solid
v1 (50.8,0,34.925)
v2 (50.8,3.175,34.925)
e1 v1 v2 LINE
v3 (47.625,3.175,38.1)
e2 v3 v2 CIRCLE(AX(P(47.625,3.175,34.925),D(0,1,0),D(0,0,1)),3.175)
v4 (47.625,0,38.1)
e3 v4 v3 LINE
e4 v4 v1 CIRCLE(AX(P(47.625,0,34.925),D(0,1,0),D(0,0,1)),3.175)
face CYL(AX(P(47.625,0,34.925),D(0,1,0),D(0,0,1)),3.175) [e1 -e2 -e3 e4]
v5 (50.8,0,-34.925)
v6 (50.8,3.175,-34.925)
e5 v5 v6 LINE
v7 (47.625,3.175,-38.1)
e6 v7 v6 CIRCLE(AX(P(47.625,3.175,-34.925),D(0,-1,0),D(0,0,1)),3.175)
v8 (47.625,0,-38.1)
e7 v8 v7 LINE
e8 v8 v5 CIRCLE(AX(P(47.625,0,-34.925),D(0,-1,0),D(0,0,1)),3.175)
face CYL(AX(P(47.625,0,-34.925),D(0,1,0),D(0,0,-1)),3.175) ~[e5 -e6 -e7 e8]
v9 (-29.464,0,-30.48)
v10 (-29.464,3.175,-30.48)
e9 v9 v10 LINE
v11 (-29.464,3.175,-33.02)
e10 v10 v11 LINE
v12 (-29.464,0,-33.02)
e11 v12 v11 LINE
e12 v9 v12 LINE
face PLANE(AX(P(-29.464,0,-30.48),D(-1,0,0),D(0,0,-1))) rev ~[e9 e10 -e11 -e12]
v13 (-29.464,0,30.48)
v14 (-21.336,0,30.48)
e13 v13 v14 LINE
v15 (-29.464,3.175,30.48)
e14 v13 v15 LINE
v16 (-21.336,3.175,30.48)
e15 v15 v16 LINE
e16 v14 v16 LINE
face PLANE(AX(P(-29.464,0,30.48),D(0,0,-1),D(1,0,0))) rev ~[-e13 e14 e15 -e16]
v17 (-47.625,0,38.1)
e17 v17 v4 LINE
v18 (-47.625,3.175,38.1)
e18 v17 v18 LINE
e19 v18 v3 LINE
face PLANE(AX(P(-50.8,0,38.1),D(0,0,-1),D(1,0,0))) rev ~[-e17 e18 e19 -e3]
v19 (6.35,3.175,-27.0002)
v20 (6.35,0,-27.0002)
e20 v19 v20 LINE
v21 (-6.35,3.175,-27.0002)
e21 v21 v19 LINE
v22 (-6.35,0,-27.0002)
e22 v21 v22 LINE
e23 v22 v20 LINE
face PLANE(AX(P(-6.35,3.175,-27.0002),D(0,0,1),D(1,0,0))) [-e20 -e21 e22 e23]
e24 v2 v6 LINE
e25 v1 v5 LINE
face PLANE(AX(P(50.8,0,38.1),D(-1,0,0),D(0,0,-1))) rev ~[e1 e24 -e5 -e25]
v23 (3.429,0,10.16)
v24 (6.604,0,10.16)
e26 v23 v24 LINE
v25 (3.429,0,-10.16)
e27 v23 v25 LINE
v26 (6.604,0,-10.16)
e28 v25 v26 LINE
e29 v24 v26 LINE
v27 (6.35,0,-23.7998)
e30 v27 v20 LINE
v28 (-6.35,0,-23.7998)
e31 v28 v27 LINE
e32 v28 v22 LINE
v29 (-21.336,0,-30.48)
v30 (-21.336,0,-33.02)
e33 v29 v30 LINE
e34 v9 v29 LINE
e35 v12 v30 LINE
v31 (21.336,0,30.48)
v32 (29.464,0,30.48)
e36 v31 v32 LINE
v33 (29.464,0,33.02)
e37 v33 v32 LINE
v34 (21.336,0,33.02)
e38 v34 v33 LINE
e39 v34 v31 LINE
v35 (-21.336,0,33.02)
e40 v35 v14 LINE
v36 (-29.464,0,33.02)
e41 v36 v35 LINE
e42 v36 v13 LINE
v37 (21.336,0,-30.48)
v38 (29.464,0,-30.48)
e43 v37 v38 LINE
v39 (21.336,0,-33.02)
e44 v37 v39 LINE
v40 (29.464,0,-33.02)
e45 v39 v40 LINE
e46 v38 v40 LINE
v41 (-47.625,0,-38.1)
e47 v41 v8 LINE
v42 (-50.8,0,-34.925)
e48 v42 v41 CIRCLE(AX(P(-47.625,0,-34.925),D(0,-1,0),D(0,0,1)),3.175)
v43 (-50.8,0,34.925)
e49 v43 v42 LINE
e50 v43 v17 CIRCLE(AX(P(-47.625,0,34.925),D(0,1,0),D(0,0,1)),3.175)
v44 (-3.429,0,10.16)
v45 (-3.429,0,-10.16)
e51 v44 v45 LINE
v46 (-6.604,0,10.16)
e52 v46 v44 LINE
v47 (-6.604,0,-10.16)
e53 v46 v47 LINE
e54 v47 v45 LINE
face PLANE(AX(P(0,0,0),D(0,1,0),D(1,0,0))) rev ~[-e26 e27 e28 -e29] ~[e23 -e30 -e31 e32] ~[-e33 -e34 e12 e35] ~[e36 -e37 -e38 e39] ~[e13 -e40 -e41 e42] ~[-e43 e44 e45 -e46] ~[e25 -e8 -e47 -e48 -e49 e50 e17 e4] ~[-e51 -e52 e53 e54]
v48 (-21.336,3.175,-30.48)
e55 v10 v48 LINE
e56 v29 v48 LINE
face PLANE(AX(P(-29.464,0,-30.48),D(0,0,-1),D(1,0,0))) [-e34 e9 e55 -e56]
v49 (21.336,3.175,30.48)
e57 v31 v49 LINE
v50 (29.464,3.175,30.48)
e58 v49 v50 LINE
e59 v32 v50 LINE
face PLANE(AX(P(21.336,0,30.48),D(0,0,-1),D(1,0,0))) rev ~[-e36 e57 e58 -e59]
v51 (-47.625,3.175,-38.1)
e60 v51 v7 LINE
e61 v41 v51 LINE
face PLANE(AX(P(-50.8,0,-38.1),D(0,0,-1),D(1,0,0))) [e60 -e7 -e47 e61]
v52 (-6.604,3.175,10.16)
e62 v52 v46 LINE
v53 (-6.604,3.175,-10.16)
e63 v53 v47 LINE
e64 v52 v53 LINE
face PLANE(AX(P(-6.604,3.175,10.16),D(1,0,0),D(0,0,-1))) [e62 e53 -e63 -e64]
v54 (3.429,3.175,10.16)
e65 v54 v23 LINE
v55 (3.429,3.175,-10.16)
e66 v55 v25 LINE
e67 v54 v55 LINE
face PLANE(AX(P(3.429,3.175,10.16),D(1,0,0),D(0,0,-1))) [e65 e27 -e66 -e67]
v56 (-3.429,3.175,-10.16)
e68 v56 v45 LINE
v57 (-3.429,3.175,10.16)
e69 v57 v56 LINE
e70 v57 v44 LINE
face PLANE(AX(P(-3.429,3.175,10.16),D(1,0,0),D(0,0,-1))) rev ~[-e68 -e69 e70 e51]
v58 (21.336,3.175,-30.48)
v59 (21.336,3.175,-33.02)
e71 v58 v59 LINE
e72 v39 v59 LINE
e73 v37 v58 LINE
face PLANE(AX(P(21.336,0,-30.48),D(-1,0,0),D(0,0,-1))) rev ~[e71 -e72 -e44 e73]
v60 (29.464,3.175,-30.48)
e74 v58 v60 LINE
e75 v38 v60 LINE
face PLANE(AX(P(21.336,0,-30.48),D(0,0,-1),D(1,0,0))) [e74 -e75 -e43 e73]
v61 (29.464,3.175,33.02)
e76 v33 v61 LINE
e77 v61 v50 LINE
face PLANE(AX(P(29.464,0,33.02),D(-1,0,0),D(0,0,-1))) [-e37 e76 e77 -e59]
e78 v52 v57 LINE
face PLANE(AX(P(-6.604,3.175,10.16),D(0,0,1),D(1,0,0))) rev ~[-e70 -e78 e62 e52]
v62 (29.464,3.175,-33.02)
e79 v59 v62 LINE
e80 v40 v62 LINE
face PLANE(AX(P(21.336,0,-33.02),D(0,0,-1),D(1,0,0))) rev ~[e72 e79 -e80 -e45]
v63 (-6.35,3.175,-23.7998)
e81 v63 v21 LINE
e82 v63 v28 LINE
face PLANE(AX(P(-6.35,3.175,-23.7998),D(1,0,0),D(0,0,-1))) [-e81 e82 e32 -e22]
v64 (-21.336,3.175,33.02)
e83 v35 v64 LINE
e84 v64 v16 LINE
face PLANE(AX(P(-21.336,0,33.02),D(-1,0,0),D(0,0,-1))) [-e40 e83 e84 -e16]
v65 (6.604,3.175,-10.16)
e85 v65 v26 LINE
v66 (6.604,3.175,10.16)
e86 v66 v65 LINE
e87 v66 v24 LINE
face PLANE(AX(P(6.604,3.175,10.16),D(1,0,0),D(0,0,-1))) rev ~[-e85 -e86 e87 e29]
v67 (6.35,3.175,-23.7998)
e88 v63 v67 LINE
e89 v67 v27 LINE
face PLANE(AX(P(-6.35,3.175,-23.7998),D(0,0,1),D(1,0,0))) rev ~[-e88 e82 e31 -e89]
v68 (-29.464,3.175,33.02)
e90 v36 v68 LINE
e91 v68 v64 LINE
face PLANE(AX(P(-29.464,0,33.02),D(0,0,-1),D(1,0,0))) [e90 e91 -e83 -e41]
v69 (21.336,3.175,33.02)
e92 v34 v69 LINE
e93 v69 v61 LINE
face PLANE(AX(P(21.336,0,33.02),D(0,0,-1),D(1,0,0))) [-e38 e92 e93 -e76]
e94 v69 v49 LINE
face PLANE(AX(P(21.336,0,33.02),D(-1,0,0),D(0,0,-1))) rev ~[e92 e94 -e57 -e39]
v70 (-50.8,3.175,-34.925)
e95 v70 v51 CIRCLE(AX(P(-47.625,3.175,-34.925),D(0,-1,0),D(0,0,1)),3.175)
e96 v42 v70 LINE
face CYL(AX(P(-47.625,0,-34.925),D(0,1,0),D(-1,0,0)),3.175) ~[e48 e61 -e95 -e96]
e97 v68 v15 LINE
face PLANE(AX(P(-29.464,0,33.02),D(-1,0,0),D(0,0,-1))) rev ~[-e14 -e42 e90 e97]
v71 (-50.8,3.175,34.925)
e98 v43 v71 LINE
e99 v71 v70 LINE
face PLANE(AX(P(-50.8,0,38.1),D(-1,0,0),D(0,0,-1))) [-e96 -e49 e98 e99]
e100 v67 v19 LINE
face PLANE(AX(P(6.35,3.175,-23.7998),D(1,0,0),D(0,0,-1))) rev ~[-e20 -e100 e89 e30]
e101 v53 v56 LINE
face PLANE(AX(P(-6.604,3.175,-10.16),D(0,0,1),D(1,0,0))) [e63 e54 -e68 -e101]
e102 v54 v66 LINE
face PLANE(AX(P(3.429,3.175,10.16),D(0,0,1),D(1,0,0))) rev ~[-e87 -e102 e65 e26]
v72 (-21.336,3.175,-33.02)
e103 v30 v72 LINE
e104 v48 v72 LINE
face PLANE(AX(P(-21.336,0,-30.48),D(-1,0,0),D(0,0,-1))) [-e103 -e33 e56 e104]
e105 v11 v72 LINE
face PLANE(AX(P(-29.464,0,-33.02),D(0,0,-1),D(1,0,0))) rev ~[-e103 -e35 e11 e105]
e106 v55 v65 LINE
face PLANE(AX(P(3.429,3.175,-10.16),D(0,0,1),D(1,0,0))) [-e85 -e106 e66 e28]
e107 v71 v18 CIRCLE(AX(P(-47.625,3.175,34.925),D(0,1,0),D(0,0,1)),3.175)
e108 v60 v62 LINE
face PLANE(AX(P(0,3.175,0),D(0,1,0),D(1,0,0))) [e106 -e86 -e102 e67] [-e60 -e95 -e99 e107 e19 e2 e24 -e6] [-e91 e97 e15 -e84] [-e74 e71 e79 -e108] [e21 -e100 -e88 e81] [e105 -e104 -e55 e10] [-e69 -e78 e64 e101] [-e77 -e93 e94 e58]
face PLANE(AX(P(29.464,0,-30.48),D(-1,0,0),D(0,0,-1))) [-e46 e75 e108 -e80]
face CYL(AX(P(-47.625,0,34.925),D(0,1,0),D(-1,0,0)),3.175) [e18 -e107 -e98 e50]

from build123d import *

# Parameters (mm, degrees)
SKETCH1_W           = 101.6
SKETCH1_H           = 76.2
SKETCH1_W_2         = 8.128
SKETCH1_H_2         = 2.54
BOSS_EXTRUDE1_DEPTH = 3.175
FILLET1_R           = 3.175
SKETCH2_W           = 3.175
SKETCH2_H           = 20.32
SKETCH2_W_2         = 12.7
SKETCH2_H_2         = 3.2004
CUT_EXTRUDE1_DEPTH  = 3.175


with BuildPart() as part:
    # Sketch1 → Boss-Extrude1 (new body)
    with BuildSketch(Plane(origin=(0, 0, 0), x_dir=(1, 0, 0), z_dir=(0, 1, 0))):
        Rectangle(SKETCH1_W, SKETCH1_H)
        with Locations((-25.4, 31.75)):
            Rectangle(SKETCH1_W_2, SKETCH1_H_2, mode=Mode.SUBTRACT)
        with Locations((-25.4, -31.75)):
            Rectangle(SKETCH1_W_2, SKETCH1_H_2, mode=Mode.SUBTRACT)
        with Locations((25.4, -31.75)):
            Rectangle(SKETCH1_W_2, SKETCH1_H_2, mode=Mode.SUBTRACT)
        with Locations((25.4, 31.75)):
            Rectangle(SKETCH1_W_2, SKETCH1_H_2, mode=Mode.SUBTRACT)
    extrude(amount=BOSS_EXTRUDE1_DEPTH)

    # Fillet1
    fillet1_edges = [part.edges().sort_by_distance(p)[0] for p in [
        (50.8, 1.5875, 38.1),
        (-50.8, 1.5875, 38.1),
        (-50.8, 1.5875, -38.1),
        (50.8, 1.5875, -38.1),
    ]]
    fillet(fillet1_edges, radius=FILLET1_R)

    # Sketch2 → Cut-Extrude1 (cut)
    with BuildSketch(Plane(origin=(0, 3.175, 0), x_dir=(1, 0, 0), z_dir=(0, 1, 0))):
        with Locations((-5.0165, 0)):
            Rectangle(SKETCH2_W, SKETCH2_H)
        with Locations((5.0165, 0)):
            Rectangle(SKETCH2_W, SKETCH2_H)
        with Locations((0, 25.4)):
            Rectangle(SKETCH2_W_2, SKETCH2_H_2)
    extrude(amount=-CUT_EXTRUDE1_DEPTH, mode=Mode.SUBTRACT)


solid = part.part
